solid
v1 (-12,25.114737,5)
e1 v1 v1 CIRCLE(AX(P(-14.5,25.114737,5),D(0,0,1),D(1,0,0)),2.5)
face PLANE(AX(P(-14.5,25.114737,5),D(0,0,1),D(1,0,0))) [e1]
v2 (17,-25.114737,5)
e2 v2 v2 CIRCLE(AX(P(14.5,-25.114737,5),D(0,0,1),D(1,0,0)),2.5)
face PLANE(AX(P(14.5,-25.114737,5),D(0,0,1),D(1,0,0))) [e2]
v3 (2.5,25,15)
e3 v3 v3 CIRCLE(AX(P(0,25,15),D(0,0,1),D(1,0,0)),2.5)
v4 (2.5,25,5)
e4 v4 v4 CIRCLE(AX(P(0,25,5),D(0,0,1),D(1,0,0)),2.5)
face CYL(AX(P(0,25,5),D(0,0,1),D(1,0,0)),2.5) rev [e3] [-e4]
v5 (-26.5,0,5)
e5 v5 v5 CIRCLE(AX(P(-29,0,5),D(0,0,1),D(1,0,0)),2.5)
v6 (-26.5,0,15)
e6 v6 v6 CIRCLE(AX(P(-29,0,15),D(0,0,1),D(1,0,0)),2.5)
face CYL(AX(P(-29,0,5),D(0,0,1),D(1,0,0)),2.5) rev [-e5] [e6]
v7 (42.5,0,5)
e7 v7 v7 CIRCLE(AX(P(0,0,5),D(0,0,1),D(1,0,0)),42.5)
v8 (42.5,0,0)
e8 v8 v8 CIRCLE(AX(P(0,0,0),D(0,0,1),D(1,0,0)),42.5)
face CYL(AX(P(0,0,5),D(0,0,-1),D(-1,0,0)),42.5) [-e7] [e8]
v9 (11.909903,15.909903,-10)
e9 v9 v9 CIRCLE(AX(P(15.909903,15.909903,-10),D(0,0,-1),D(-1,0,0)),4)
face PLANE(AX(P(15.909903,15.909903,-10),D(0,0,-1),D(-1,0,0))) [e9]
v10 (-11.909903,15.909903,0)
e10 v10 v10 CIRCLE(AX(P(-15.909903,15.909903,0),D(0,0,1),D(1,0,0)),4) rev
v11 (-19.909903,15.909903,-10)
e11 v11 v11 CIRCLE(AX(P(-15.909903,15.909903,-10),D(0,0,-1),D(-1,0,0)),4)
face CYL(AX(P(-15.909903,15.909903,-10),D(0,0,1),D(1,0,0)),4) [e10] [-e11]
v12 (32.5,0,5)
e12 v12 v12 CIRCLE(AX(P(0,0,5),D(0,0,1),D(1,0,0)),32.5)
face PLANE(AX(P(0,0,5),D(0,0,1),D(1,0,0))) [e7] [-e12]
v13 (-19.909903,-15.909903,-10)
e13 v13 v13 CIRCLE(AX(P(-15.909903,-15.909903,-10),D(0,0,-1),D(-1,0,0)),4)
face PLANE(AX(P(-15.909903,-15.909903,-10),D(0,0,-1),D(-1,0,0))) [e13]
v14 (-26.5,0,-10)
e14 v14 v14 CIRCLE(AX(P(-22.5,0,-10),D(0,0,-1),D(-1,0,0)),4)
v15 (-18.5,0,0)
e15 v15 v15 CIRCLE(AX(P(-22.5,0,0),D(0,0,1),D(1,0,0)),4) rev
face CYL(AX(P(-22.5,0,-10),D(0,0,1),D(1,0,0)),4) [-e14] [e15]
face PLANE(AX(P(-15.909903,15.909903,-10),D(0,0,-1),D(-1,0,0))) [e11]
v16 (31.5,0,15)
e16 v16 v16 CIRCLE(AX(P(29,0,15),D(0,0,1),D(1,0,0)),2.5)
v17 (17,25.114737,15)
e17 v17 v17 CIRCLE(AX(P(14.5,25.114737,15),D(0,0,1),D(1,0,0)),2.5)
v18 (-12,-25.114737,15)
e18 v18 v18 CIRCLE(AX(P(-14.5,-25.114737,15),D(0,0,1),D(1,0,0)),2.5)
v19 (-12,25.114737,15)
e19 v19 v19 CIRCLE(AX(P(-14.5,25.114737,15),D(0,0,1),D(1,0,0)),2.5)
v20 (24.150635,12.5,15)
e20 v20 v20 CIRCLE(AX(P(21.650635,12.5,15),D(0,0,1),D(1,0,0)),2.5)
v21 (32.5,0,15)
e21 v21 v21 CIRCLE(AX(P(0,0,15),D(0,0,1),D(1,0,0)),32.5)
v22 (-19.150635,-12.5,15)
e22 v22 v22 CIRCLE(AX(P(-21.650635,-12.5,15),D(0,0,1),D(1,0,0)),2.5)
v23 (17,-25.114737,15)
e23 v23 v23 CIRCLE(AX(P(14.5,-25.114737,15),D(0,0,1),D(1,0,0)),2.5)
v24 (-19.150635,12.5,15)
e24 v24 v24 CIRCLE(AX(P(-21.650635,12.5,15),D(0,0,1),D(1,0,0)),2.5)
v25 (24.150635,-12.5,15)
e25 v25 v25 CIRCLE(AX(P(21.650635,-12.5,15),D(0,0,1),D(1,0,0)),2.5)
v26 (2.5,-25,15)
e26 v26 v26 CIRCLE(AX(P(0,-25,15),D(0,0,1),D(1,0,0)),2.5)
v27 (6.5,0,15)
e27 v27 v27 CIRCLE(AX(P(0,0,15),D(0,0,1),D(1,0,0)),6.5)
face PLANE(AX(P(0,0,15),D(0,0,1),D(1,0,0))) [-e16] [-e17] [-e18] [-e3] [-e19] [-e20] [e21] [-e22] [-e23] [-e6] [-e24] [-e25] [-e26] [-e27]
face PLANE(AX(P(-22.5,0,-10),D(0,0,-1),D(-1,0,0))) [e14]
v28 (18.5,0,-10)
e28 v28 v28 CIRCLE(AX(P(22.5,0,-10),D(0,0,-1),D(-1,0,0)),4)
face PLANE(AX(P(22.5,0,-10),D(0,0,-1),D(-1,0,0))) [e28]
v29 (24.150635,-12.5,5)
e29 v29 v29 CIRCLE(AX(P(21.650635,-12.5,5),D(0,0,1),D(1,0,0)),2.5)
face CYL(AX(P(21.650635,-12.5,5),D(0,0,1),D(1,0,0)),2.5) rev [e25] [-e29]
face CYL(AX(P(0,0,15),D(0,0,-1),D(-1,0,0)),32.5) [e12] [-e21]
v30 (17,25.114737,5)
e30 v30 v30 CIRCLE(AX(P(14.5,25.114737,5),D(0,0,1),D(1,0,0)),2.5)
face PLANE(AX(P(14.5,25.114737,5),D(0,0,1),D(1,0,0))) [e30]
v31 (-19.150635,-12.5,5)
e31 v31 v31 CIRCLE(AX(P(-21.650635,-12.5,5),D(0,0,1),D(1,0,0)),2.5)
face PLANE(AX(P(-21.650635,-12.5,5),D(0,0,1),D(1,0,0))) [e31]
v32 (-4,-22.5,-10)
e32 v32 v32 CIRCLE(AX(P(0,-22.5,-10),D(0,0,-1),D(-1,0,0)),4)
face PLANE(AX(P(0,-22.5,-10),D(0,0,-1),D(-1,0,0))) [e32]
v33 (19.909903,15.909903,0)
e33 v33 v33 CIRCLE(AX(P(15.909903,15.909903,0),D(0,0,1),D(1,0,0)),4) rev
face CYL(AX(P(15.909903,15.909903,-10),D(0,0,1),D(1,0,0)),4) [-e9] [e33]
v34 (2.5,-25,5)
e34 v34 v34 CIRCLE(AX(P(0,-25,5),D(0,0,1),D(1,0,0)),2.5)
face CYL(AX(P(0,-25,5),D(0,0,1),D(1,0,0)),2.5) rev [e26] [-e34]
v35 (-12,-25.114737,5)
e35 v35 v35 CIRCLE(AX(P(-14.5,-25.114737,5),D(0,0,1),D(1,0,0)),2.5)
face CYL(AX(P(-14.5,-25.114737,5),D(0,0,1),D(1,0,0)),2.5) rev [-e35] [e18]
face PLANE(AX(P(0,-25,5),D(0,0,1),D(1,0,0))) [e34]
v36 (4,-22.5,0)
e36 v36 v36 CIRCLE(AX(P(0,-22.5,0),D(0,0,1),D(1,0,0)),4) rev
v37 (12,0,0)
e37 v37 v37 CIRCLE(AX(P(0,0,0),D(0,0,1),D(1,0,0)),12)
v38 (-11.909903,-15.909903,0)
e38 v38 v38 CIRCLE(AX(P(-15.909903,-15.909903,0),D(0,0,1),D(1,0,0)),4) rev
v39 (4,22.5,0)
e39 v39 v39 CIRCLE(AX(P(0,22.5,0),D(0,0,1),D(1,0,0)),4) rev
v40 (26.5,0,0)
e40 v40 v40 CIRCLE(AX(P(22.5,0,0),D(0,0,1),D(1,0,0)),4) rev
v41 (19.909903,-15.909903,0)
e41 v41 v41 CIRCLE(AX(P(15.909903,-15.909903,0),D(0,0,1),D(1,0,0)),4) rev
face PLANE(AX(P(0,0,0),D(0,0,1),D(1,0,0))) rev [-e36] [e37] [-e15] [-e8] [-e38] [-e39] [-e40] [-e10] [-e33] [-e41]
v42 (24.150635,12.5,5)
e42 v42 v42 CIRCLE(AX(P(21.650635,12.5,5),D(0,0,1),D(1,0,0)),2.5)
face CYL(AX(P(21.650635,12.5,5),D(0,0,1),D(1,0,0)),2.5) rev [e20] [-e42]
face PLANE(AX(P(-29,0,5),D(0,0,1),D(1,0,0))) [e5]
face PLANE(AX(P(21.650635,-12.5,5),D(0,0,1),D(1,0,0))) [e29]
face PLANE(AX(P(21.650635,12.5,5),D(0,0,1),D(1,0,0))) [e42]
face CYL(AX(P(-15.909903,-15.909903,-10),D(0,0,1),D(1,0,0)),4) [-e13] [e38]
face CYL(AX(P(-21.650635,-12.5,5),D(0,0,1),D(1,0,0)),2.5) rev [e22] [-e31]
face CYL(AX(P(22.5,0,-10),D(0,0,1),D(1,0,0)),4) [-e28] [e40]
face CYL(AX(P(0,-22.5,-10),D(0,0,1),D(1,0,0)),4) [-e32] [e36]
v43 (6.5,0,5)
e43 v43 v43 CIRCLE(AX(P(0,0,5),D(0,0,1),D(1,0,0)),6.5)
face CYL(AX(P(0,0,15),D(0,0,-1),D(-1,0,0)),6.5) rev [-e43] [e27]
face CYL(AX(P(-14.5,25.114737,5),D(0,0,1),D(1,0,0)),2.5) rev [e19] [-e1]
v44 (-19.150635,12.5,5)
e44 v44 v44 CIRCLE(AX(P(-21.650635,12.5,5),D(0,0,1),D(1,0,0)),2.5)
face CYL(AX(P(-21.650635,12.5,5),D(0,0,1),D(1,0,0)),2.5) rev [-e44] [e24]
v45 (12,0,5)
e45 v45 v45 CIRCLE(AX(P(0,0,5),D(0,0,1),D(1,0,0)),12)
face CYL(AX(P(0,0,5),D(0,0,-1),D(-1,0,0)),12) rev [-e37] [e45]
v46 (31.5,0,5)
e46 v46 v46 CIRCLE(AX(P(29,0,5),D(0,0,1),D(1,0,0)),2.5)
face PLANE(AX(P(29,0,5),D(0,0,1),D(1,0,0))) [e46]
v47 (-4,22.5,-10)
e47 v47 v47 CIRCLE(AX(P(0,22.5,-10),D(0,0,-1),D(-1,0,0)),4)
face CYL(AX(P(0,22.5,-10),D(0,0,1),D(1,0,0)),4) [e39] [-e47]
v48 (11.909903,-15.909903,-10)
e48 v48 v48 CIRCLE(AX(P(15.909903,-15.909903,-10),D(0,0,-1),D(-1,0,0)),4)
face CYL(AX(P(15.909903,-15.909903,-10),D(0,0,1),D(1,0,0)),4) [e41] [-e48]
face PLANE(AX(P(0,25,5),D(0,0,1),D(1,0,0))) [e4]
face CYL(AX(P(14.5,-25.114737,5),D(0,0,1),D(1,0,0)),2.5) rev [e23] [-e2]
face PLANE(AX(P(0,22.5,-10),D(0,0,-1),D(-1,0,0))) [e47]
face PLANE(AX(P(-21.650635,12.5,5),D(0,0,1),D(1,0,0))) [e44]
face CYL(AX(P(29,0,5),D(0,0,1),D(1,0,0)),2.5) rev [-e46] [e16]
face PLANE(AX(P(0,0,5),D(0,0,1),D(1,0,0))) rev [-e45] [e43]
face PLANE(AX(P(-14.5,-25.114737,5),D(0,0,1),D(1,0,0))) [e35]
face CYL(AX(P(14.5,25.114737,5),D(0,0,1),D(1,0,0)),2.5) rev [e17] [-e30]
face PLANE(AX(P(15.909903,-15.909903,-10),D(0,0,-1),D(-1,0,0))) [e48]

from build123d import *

# Parameters (mm, degrees)
SKETCH1_R           = 42.5
SKETCH1_R_2         = 12
BOSS_EXTRUDE1_DEPTH = 5
SKETCH2_R           = 32.5
SKETCH2_R_2         = 6.5
BOSS_EXTRUDE2_DEPTH = 10
SKETCH3_R           = 4
BOSS_EXTRUDE3_DEPTH = 10
SKETCH5_R           = 2.5
CUT_EXTRUDE1_DEPTH  = 10
SKETCH7_R           = 2.5
CUT_EXTRUDE2_DEPTH  = 10


with BuildPart() as part:
    # Sketch1 → Boss-Extrude1 (new body)
    with BuildSketch(Plane.XY):
        Circle(SKETCH1_R)
        Circle(SKETCH1_R_2, mode=Mode.SUBTRACT)
    extrude(amount=BOSS_EXTRUDE1_DEPTH)

    # Sketch2 → Boss-Extrude2 (add)
    with BuildSketch(Plane.XY.offset(5)):
        Circle(SKETCH2_R)
        Circle(SKETCH2_R_2, mode=Mode.SUBTRACT)
    extrude(amount=BOSS_EXTRUDE2_DEPTH)

    # Sketch3 → Boss-Extrude3 (add)
    with BuildSketch(Plane(origin=(0, 0, 0), x_dir=(-1, 0, 0), z_dir=(0, 0, -1))):
        with Locations(Location((0, 22.5, 0), (0, 0, 180))):
            Circle(SKETCH3_R)
        with Locations(Location((15.909902577, 15.909902577, 0), (0, 0, 180))):
            Circle(SKETCH3_R)
        with Locations(Location((22.5, 0, 0), (0, 0, 180))):
            Circle(SKETCH3_R)
        with Locations(Location((15.909902577, -15.909902577, 0), (0, 0, 180))):
            Circle(SKETCH3_R)
        with Locations(Location((0, -22.5, 0), (0, 0, 180))):
            Circle(SKETCH3_R)
        with Locations(Location((-15.909902577, -15.909902577, 0), (0, 0, 180))):
            Circle(SKETCH3_R)
        with Locations(Location((-22.5, 0, 0), (0, 0, 180))):
            Circle(SKETCH3_R)
        with Locations(Location((-15.909902577, 15.909902577, 0), (0, 0, 180))):
            Circle(SKETCH3_R)
    extrude(amount=BOSS_EXTRUDE3_DEPTH)

    # Sketch5 → Cut-Extrude1 (cut)
    with BuildSketch(Plane.XY.offset(15)):
        with Locations((0, 25)):
            Circle(SKETCH5_R)
        with Locations((21.650635095, 12.5)):
            Circle(SKETCH5_R)
        with Locations((21.650635095, -12.5)):
            Circle(SKETCH5_R)
        with Locations((0, -25)):
            Circle(SKETCH5_R)
        with Locations((-21.650635095, -12.5)):
            Circle(SKETCH5_R)
        with Locations((-21.650635095, 12.5)):
            Circle(SKETCH5_R)
    extrude(amount=-CUT_EXTRUDE1_DEPTH, mode=Mode.SUBTRACT)

    # Sketch7 → Cut-Extrude2 (cut)
    with BuildSketch(Plane.XY.offset(15)):
        with Locations((29, 0)):
            Circle(SKETCH7_R)
        with Locations((14.5, -25.11473671)):
            Circle(SKETCH7_R)
        with Locations((-14.5, -25.11473671)):
            Circle(SKETCH7_R)
        with Locations((-29, 0)):
            Circle(SKETCH7_R)
        with Locations((-14.5, 25.11473671)):
            Circle(SKETCH7_R)
        with Locations((14.5, 25.11473671)):
            Circle(SKETCH7_R)
    extrude(amount=-CUT_EXTRUDE2_DEPTH, mode=Mode.SUBTRACT)


solid = part.part
